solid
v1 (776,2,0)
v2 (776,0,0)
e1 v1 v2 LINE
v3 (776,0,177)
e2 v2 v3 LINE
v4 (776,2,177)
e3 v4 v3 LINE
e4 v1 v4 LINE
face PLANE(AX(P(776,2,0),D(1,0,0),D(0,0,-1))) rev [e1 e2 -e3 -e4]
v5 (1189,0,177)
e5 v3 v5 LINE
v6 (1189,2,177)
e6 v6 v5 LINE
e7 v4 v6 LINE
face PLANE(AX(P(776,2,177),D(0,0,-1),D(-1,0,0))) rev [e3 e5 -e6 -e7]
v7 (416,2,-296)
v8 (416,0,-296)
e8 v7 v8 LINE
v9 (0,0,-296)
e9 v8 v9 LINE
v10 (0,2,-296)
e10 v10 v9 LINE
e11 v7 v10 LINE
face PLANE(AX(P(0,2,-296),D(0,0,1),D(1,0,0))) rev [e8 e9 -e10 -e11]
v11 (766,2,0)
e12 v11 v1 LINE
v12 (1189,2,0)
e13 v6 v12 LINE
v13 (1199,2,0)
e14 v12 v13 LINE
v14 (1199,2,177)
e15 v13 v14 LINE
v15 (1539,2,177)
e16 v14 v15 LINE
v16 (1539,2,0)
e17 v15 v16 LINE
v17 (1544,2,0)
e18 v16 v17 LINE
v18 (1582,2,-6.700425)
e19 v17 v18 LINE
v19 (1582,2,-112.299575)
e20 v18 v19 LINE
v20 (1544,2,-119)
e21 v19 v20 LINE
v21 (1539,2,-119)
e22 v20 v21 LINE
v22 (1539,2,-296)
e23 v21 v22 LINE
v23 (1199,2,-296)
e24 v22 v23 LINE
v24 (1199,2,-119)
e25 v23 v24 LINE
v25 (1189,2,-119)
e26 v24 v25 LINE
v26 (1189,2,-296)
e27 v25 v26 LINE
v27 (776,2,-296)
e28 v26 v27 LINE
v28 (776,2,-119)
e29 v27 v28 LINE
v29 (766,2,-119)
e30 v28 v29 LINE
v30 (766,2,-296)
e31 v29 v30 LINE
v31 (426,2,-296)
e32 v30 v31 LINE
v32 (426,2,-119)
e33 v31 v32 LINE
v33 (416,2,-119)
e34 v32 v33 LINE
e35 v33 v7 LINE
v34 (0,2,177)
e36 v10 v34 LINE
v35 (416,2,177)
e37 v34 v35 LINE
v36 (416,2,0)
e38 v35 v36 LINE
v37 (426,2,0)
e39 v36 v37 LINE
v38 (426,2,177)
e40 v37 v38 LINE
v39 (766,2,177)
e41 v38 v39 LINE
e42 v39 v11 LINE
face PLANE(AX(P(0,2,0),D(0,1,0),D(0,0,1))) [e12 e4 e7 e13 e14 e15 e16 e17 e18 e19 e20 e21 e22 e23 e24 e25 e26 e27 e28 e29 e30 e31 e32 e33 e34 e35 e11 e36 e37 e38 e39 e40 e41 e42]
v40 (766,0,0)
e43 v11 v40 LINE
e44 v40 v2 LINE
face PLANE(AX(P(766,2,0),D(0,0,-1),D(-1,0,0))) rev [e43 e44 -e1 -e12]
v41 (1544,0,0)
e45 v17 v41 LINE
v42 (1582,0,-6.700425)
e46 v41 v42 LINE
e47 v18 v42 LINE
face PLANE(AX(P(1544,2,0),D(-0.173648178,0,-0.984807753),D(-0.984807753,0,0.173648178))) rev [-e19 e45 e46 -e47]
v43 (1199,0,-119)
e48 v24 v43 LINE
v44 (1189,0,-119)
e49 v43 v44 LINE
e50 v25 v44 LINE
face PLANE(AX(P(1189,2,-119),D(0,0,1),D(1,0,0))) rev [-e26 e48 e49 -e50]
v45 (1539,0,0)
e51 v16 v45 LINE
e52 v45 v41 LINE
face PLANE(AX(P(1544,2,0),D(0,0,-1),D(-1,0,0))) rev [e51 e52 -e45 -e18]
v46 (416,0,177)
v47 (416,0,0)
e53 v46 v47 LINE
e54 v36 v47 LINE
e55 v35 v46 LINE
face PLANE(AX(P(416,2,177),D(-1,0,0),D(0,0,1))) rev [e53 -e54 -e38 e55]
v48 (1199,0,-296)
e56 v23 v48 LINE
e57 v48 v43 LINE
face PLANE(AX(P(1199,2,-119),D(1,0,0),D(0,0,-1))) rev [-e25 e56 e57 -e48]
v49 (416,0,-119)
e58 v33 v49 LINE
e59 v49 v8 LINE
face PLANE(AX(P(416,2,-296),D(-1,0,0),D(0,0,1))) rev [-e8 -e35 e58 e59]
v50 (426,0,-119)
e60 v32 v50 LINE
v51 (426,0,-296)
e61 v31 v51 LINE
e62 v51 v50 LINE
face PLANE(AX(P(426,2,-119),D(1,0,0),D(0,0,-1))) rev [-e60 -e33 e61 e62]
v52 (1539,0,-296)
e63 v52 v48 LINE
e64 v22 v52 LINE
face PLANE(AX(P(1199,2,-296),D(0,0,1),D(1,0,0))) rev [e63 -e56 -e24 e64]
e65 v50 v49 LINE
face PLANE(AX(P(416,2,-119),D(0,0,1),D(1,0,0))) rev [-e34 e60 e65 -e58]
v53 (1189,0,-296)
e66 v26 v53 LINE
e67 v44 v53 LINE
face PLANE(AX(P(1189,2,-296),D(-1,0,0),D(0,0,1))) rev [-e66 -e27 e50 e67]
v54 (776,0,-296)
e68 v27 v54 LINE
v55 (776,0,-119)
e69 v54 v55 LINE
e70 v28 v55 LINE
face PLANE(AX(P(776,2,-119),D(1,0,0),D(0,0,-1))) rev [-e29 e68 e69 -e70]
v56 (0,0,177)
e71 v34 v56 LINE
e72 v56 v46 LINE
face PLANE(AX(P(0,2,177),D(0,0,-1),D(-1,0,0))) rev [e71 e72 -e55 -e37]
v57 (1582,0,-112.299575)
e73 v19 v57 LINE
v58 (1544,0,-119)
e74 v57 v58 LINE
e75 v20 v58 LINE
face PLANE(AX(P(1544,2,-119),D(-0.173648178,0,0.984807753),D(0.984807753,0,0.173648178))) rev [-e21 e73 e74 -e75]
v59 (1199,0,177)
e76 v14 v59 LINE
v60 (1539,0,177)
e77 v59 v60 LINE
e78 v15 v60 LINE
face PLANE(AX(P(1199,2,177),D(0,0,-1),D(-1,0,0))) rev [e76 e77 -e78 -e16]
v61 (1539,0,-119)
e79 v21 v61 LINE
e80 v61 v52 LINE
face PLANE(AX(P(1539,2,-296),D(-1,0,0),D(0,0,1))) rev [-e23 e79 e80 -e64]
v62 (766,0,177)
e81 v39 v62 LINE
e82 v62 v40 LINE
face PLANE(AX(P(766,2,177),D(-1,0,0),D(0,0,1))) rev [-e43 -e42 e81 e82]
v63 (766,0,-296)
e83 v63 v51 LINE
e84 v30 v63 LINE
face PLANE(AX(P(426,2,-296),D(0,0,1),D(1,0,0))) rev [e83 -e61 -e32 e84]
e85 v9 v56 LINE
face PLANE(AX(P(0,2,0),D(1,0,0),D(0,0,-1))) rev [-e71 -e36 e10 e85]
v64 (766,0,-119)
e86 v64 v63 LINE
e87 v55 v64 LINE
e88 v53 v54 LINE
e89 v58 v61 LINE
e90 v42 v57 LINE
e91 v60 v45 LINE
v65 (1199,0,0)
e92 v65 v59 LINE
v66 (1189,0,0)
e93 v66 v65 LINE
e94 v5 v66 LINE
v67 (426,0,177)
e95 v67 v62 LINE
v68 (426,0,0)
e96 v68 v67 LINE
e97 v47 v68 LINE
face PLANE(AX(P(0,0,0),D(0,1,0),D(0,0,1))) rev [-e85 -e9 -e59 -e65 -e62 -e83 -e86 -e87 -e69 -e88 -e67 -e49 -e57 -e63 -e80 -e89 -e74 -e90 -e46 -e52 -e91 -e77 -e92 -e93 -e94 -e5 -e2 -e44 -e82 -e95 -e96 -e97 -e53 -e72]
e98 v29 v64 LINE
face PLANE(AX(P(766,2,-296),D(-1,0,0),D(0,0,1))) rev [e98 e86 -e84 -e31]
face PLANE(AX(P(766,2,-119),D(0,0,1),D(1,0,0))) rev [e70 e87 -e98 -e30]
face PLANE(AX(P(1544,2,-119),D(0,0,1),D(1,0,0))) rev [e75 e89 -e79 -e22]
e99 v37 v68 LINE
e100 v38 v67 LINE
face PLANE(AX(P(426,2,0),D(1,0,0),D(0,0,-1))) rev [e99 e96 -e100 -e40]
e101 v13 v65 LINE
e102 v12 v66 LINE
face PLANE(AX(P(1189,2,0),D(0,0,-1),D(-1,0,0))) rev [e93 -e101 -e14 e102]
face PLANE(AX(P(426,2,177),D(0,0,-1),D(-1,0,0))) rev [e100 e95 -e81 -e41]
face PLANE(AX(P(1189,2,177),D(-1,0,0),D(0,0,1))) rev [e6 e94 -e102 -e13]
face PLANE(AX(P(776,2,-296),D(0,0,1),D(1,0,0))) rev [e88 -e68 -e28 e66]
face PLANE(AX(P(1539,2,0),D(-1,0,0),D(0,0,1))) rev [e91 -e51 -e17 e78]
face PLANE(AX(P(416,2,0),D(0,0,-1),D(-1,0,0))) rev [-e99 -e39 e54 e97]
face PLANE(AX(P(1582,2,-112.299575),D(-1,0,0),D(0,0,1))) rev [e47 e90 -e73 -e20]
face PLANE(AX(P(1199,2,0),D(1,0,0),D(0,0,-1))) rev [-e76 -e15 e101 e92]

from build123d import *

# Parameters (mm, degrees)
BOSS_EXTRUDE1_DEPTH = 2


with BuildPart() as part:
    # Sketch1 → Boss-Extrude1 (new body)
    with BuildSketch(Plane(origin=(0, 0, 0), x_dir=(1, 0, 0), z_dir=(0, 1, 0))):
        Polygon((0, 0), (0, 296), (416, 296), (416, 119), (426, 119), (426, 296), (766, 296), (766, 119), (776, 119), (776, 296), (1189, 296), (1189, 119), (1199, 119), (1199, 296), (1539, 296), (1539, 119), (1544, 119), (1582, 112.299574733), (1582, 6.700425267), (1544, 0), (1539, 0), (1539, -177), (1199, -177), (1199, 0), (1189, 0), (1189, -177), (776, -177), (776, 0), (766, 0), (766, -177), (426, -177), (426, 0), (416, 0), (416, -177), (0, -177), align=None)
    extrude(amount=BOSS_EXTRUDE1_DEPTH)


solid = part.part
